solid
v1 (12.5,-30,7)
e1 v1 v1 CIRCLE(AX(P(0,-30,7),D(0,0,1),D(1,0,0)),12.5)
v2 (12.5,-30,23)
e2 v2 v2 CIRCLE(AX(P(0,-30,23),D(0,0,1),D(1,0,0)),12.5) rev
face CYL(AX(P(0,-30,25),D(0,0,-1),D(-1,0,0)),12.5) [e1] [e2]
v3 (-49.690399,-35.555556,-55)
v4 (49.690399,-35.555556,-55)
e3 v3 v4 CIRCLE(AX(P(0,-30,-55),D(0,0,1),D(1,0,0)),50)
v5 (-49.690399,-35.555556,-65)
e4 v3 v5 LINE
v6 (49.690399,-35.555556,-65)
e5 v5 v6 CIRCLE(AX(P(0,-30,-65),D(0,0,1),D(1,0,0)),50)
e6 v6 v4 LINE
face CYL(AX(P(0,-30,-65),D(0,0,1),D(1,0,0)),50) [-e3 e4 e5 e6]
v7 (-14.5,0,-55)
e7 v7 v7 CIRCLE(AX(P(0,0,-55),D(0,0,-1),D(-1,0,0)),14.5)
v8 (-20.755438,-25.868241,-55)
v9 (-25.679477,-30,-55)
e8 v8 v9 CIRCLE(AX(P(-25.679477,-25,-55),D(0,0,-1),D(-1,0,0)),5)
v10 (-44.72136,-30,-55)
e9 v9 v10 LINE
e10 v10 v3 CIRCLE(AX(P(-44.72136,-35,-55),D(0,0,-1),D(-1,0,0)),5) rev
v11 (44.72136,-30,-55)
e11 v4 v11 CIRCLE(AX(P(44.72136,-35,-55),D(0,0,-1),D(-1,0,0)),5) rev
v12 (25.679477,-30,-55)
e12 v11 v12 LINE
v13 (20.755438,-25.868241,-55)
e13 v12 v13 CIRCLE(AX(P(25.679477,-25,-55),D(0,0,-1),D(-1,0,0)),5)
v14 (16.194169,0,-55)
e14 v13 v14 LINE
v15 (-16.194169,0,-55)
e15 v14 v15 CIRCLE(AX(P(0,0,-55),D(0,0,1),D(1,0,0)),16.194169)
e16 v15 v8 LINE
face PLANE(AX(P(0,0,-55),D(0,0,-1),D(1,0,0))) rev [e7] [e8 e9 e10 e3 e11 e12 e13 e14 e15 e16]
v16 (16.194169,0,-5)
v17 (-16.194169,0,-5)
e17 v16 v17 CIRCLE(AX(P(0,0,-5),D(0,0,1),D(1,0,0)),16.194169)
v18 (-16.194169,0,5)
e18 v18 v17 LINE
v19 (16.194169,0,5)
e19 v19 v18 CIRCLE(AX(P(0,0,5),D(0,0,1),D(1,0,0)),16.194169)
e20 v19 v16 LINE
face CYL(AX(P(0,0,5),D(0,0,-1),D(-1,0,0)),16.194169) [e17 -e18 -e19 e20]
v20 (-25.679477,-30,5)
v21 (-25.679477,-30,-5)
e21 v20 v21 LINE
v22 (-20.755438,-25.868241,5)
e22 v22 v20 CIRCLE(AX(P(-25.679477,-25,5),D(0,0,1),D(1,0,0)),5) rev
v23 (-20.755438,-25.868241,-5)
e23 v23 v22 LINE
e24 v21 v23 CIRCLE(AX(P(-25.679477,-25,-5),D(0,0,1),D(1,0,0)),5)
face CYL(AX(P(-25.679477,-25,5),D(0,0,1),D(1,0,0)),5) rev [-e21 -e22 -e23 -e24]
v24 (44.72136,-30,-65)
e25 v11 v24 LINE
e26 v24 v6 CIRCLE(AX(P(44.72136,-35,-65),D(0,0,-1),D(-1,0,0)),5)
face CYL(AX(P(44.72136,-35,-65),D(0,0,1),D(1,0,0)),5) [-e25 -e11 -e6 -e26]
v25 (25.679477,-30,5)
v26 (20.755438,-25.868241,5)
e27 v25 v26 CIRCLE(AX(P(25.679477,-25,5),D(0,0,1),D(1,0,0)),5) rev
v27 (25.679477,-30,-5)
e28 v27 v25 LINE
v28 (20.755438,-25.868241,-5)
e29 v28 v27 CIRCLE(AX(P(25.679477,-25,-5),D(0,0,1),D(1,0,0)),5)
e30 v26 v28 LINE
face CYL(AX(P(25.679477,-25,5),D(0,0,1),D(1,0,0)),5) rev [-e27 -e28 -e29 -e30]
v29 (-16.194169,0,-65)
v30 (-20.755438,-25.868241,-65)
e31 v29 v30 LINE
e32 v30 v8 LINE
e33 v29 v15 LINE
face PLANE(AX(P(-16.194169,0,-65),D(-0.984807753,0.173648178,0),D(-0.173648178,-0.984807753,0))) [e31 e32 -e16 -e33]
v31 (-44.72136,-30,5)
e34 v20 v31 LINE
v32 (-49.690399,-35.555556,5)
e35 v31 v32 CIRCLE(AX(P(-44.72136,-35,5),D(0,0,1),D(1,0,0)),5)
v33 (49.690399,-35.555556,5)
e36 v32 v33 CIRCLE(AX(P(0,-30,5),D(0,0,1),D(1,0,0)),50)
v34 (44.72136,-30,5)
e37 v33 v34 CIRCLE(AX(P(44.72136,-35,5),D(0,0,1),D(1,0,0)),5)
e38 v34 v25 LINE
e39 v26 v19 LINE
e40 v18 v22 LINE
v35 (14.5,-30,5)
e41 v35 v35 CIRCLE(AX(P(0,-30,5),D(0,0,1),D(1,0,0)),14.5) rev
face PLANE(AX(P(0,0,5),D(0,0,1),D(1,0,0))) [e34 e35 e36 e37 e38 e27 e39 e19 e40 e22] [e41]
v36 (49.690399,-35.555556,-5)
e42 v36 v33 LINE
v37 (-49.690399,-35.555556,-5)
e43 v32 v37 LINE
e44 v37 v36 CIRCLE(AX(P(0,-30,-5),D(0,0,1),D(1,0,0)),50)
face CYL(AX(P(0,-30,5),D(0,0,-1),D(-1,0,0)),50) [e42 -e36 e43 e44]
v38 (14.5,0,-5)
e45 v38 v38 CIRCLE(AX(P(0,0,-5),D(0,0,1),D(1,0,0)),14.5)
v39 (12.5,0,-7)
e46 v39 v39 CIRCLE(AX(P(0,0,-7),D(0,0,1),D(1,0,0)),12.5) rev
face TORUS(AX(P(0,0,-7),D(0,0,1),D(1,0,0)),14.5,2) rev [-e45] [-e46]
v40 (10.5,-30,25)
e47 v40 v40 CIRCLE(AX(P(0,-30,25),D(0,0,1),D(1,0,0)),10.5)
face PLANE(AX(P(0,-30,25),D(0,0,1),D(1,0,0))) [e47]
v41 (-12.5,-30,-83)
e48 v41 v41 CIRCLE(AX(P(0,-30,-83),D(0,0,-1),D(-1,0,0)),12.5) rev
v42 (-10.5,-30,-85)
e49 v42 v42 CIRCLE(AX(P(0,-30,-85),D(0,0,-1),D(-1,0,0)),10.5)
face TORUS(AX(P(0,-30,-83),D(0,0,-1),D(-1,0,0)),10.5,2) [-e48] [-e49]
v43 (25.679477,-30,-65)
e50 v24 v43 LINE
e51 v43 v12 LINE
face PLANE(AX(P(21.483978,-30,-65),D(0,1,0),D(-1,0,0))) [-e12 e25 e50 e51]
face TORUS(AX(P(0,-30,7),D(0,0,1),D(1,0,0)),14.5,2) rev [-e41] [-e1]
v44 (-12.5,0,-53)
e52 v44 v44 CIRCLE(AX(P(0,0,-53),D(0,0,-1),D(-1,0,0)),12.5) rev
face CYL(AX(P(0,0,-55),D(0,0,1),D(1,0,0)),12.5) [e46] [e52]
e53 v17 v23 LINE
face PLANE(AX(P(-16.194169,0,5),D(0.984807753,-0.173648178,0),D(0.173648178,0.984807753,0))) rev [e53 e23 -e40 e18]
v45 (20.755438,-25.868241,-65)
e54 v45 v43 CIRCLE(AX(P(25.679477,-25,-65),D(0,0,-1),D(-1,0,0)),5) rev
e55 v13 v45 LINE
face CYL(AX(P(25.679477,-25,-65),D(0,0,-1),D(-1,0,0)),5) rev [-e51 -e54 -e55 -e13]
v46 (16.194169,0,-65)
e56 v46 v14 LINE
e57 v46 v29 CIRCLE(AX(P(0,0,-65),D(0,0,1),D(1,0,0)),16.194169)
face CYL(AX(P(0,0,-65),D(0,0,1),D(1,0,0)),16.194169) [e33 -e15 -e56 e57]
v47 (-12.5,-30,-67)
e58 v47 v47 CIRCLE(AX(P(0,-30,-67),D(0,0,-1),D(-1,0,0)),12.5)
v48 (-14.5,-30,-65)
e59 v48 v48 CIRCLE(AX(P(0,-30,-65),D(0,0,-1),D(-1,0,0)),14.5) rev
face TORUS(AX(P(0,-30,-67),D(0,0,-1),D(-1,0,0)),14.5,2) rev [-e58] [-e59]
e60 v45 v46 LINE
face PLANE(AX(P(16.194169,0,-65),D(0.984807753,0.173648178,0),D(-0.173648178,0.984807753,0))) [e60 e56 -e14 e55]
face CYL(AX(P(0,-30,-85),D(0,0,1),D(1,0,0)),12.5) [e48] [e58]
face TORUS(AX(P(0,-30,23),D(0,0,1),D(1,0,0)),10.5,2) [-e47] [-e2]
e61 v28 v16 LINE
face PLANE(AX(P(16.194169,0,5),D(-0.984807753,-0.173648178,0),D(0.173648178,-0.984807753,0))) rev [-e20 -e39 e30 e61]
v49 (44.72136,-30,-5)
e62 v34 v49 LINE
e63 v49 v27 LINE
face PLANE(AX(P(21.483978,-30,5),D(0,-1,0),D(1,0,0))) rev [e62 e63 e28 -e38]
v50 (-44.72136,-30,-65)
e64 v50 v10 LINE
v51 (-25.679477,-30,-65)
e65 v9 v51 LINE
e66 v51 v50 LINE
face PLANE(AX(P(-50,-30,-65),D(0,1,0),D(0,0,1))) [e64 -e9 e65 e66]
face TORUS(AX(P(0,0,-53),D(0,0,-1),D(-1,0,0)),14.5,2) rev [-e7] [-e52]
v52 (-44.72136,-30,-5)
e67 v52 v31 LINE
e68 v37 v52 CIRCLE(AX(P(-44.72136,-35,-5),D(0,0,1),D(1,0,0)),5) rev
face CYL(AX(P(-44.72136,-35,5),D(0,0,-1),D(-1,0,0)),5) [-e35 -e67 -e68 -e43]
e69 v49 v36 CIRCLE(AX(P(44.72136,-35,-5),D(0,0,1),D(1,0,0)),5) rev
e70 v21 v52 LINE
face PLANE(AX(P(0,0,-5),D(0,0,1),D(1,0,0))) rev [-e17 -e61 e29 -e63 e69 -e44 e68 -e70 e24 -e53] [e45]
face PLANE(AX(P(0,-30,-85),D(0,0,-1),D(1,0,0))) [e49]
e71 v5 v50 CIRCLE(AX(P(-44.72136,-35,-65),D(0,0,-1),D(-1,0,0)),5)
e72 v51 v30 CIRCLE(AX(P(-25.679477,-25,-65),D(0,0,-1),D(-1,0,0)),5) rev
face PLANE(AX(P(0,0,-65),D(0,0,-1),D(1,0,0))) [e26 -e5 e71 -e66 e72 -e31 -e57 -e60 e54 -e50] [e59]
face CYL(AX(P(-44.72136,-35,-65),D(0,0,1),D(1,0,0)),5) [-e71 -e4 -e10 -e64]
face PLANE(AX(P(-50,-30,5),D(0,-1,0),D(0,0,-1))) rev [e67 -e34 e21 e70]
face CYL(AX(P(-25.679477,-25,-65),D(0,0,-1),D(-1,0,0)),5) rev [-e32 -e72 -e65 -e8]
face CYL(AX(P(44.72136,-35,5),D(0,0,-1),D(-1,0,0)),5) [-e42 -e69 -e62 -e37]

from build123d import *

# Parameters (mm, degrees)
BOSS_EXTRUDE1_DEPTH = 5
SKETCH2_R           = 12.5
BOSS_EXTRUDE2_DEPTH = 20
SKETCH3_R           = 12.5
BOSS_EXTRUDE3_DEPTH = 50
FILLET2_R           = 5
FILLET3_R           = 2


with BuildPart() as part:
    # Sketch1 → Boss-Extrude1 (new, symmetric)
    with BuildSketch(Plane.XY):
        with BuildLine():
            Line((-50, -30), (-21.483978407, -30))
            Line((-21.483978407, -30), (-16.194168986, 0))
            ThreePointArc((-16.194168986, 0), (0, 16.194168986), (16.194168986, 0))
            Line((16.194168986, 0), (21.483978407, -30))
            Line((21.483978407, -30), (50, -30))
            ThreePointArc((50, -30), (0, -80), (-50, -30))
        make_face()
    boss_extrude1 = extrude(amount=BOSS_EXTRUDE1_DEPTH, both=True)

    # Sketch2 → Boss-Extrude2 (add)
    with BuildSketch(Plane.XY.offset(5)):
        with Locations((0, -30)):
            Circle(SKETCH2_R)
    boss_extrude2 = extrude(amount=BOSS_EXTRUDE2_DEPTH)

    # Sketch3 → Boss-Extrude3 (add)
    with BuildSketch(Plane(origin=(0, 0, -5), x_dir=(-1, 0, 0), z_dir=(0, 0, -1))):
        with Locations(Location((0, 0, 0), (0, 0, 180))):
            Circle(SKETCH3_R)
    extrude(amount=BOSS_EXTRUDE3_DEPTH)

    # Mirror1: Boss-Extrude1, Boss-Extrude2 across plane
    add(boss_extrude1.mirror(Plane(origin=(0, 0, -30), x_dir=(1, 0, 0), z_dir=(0, 0, -1))))
    add(boss_extrude2.mirror(Plane(origin=(0, 0, -30), x_dir=(1, 0, 0), z_dir=(0, 0, -1))))

    # Fillet2
    fillet2_edges = [part.edges().sort_by_distance(p)[0] for p in [
        (21.483978407, -30, 0),
        (50, -30, 0),
        (-50, -30, 0),
        (-21.483978407, -30, 0),
        (21.483978407, -30, -60),
        (50, -30, -60),
        (-50, -30, -60),
        (-21.483978407, -30, -60),
    ]]
    fillet(fillet2_edges, radius=FILLET2_R)

    # Fillet3
    fillet3_edges = [part.edges().sort_by_distance(p)[0] for p in [
        (-12.5, -30, 5),
        (-12.5, -30, 25),
        (-12.5, 0, -5),
        (-12.5, 0, -55),
        (-12.5, -30, -65),
        (-12.5, -30, -85),
    ]]
    fillet(fillet3_edges, radius=FILLET3_R)


solid = part.part
